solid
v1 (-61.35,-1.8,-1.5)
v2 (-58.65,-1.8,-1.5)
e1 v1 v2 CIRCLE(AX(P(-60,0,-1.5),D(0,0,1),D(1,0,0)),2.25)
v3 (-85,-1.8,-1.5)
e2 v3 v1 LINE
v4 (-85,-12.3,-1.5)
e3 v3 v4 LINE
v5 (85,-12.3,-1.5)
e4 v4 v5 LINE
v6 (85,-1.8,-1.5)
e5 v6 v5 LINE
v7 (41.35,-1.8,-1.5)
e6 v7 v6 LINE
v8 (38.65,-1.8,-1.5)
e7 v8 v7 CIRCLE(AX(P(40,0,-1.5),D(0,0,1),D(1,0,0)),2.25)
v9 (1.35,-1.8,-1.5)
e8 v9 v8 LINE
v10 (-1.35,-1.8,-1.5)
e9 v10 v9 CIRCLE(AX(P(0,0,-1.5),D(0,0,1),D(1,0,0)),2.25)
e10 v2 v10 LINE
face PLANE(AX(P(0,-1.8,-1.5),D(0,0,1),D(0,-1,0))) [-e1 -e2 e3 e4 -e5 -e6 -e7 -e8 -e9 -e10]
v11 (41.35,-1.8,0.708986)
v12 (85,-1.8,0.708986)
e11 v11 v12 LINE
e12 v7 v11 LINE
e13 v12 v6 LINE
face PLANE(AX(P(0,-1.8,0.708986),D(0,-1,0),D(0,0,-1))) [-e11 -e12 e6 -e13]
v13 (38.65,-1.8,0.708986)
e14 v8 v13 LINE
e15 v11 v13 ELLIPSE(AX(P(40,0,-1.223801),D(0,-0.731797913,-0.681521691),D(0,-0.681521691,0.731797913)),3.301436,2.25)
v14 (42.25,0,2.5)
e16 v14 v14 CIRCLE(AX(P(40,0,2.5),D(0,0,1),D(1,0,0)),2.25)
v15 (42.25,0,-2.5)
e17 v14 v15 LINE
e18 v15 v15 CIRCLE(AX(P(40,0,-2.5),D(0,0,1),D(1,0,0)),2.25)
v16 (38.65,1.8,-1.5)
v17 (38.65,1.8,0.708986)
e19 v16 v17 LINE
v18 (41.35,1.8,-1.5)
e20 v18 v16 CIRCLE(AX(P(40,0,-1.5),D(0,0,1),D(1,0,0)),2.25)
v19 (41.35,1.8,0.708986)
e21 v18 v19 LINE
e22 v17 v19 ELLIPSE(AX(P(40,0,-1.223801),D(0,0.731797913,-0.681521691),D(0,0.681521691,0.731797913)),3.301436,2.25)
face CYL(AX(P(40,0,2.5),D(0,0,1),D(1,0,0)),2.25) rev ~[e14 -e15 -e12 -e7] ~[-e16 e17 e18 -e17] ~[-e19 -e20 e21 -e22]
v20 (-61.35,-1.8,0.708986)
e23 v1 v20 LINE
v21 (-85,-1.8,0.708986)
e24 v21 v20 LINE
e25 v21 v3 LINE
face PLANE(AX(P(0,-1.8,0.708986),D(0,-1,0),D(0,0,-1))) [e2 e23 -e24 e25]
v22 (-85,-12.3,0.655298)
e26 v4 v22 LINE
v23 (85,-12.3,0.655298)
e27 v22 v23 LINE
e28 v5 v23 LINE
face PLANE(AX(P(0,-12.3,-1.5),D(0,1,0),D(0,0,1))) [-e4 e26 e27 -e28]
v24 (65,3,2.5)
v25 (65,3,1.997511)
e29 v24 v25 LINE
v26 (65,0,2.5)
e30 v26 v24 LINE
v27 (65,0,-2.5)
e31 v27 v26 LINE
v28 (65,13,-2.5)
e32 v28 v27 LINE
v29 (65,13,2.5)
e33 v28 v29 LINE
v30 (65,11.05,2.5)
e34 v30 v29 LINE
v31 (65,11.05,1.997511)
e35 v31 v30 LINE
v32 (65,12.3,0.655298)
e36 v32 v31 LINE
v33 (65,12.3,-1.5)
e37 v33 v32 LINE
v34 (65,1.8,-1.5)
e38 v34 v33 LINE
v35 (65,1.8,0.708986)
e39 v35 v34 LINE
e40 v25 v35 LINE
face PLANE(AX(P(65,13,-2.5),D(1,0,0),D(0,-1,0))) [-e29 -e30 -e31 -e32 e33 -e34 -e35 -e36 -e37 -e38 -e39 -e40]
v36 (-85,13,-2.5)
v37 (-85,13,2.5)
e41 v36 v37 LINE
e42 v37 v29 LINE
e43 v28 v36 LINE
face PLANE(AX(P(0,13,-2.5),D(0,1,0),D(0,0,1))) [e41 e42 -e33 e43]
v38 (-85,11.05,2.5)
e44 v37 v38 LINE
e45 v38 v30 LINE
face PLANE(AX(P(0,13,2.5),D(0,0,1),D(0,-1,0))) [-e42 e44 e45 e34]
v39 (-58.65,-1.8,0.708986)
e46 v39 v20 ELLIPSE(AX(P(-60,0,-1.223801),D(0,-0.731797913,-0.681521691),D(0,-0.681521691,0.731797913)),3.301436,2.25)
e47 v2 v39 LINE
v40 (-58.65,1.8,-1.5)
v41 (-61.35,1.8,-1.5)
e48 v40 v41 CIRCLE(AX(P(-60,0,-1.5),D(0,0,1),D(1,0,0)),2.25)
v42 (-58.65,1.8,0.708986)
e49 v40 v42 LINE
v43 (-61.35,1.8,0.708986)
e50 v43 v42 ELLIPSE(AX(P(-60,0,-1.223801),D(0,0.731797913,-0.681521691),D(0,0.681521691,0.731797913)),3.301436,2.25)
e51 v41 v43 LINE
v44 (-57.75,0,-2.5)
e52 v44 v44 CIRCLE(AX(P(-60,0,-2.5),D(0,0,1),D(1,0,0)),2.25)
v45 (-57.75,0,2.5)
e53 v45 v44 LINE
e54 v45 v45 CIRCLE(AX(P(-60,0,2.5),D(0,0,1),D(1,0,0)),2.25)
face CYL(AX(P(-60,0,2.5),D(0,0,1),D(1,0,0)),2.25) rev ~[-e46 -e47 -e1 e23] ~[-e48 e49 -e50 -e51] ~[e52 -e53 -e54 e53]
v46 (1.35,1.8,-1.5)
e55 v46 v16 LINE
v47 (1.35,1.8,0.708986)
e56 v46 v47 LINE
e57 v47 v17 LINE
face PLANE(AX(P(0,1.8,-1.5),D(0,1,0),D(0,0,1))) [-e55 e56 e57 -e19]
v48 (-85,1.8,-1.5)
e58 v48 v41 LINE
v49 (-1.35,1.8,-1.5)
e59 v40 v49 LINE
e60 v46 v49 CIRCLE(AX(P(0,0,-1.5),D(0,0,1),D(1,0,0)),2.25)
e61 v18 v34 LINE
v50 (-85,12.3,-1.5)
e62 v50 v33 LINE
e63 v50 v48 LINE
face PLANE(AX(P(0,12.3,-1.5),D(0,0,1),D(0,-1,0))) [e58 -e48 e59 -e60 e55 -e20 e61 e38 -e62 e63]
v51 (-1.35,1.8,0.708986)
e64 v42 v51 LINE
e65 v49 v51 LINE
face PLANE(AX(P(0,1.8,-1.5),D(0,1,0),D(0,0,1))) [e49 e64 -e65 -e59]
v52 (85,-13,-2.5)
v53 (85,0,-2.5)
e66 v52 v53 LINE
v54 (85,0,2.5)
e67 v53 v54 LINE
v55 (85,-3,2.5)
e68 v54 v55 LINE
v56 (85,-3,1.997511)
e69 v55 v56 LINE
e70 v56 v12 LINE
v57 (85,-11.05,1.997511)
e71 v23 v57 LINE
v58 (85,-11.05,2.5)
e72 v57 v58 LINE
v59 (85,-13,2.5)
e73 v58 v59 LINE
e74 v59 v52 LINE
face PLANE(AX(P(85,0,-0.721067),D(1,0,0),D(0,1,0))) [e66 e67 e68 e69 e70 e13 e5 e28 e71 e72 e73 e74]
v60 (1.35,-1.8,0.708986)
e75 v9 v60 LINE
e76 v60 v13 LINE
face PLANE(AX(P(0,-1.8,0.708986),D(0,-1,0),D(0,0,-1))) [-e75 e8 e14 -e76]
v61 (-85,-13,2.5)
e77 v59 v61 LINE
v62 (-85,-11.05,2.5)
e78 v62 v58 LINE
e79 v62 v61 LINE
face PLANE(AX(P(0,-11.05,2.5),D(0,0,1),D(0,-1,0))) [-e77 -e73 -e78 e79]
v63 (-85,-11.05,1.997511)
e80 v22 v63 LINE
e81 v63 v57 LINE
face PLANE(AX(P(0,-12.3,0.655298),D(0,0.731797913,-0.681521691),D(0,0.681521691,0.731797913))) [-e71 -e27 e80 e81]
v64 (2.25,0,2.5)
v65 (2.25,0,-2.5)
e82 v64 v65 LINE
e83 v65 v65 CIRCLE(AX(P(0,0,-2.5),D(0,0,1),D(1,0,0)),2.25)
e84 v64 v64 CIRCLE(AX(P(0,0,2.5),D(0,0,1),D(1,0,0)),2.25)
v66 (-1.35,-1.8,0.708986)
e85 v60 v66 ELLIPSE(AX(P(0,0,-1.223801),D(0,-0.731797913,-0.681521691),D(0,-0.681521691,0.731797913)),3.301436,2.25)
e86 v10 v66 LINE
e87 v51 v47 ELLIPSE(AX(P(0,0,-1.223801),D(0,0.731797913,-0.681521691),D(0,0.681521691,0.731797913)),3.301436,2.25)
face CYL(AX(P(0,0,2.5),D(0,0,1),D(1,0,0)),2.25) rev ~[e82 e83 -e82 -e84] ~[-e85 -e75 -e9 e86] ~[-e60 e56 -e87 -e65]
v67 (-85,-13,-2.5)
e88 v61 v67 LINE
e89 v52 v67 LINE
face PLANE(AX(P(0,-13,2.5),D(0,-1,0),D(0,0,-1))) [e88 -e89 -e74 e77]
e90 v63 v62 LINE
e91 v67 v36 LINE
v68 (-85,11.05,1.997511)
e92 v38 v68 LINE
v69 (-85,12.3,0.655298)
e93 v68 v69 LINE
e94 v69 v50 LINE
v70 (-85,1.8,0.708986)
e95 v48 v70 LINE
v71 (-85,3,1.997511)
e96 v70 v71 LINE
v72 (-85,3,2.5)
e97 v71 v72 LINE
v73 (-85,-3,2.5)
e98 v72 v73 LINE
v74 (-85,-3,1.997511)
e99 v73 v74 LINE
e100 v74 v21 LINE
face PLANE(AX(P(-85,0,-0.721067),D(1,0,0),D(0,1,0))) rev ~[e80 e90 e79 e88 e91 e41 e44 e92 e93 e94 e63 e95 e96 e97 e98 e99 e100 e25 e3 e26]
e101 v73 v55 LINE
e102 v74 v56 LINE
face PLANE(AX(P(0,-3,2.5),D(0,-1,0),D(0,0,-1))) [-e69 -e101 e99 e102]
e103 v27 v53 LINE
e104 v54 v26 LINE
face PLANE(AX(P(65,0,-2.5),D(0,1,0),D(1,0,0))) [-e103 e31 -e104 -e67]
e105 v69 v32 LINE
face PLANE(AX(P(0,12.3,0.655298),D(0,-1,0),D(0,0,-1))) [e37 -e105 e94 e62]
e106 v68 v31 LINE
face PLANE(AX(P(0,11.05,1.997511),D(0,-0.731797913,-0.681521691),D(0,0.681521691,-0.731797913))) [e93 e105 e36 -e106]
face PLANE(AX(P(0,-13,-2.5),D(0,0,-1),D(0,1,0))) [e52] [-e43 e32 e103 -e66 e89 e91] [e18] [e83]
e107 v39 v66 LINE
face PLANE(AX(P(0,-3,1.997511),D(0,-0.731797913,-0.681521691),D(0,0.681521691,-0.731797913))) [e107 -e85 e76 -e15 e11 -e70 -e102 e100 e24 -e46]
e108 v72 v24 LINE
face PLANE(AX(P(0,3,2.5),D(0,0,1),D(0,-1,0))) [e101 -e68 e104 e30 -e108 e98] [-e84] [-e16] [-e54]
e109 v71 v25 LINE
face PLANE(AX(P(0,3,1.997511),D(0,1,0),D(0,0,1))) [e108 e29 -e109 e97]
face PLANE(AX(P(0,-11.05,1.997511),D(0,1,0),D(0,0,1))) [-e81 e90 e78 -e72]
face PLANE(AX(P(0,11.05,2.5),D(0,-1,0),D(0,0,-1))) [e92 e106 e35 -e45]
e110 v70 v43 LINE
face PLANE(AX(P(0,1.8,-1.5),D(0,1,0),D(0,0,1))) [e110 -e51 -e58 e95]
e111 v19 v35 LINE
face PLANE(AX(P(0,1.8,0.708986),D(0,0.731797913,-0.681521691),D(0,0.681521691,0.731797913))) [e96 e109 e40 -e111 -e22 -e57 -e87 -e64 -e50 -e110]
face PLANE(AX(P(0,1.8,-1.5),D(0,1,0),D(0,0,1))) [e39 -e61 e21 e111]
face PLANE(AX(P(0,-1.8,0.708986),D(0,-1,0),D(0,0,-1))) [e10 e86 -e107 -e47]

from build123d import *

# Parameters (mm, degrees)
F1_DEPTH = 85
F2_W     = 20
F2_H     = 13
F3_DEPTH = 5.001
F4_R     = 2.25
F5_DEPTH = 5


with BuildPart() as f1:
    # F0 (on Right) → F1 (new body, symmetric)
    with BuildSketch(Plane.YZ):
        Polygon((13, -2.5), (13, 2.5), (11.05, 2.5), (11.05, 1.9975107236), (12.3, 0.6552975509), (12.3, -1.5), (1.8, -1.5), (1.8, 0.7089860778), (3, 1.9975107236), (3, 2.5), (-3, 2.5), (-3, 1.9975107236), (-1.8, 0.7089860778), (-1.8, -1.5), (-12.3, -1.5), (-12.3, 0.6552975509), (-11.05, 1.9975107236), (-11.05, 2.5), (-13, 2.5), (-13, -2.5), align=None)
    extrude(amount=F1_DEPTH, both=True)

    # F2 (on face) → F3 (cut, through all)
    with BuildSketch(Plane(origin=(0, 0, -2.5), x_dir=(1, 0, 0), z_dir=(0, 0, -1))):
        with Locations((75, -6.5)):
            Rectangle(F2_W, F2_H)
    extrude(amount=-F3_DEPTH, mode=Mode.SUBTRACT)

    # F4 (on face) → F5 (cut, through all)
    with BuildSketch(Plane.XY.offset(2.5)):
        with Locations((-60, 0)):
            Circle(F4_R)
        Circle(F4_R)
        with Locations((40, 0)):
            Circle(F4_R)
    extrude(amount=-F5_DEPTH, mode=Mode.SUBTRACT)


solid = f1.part
